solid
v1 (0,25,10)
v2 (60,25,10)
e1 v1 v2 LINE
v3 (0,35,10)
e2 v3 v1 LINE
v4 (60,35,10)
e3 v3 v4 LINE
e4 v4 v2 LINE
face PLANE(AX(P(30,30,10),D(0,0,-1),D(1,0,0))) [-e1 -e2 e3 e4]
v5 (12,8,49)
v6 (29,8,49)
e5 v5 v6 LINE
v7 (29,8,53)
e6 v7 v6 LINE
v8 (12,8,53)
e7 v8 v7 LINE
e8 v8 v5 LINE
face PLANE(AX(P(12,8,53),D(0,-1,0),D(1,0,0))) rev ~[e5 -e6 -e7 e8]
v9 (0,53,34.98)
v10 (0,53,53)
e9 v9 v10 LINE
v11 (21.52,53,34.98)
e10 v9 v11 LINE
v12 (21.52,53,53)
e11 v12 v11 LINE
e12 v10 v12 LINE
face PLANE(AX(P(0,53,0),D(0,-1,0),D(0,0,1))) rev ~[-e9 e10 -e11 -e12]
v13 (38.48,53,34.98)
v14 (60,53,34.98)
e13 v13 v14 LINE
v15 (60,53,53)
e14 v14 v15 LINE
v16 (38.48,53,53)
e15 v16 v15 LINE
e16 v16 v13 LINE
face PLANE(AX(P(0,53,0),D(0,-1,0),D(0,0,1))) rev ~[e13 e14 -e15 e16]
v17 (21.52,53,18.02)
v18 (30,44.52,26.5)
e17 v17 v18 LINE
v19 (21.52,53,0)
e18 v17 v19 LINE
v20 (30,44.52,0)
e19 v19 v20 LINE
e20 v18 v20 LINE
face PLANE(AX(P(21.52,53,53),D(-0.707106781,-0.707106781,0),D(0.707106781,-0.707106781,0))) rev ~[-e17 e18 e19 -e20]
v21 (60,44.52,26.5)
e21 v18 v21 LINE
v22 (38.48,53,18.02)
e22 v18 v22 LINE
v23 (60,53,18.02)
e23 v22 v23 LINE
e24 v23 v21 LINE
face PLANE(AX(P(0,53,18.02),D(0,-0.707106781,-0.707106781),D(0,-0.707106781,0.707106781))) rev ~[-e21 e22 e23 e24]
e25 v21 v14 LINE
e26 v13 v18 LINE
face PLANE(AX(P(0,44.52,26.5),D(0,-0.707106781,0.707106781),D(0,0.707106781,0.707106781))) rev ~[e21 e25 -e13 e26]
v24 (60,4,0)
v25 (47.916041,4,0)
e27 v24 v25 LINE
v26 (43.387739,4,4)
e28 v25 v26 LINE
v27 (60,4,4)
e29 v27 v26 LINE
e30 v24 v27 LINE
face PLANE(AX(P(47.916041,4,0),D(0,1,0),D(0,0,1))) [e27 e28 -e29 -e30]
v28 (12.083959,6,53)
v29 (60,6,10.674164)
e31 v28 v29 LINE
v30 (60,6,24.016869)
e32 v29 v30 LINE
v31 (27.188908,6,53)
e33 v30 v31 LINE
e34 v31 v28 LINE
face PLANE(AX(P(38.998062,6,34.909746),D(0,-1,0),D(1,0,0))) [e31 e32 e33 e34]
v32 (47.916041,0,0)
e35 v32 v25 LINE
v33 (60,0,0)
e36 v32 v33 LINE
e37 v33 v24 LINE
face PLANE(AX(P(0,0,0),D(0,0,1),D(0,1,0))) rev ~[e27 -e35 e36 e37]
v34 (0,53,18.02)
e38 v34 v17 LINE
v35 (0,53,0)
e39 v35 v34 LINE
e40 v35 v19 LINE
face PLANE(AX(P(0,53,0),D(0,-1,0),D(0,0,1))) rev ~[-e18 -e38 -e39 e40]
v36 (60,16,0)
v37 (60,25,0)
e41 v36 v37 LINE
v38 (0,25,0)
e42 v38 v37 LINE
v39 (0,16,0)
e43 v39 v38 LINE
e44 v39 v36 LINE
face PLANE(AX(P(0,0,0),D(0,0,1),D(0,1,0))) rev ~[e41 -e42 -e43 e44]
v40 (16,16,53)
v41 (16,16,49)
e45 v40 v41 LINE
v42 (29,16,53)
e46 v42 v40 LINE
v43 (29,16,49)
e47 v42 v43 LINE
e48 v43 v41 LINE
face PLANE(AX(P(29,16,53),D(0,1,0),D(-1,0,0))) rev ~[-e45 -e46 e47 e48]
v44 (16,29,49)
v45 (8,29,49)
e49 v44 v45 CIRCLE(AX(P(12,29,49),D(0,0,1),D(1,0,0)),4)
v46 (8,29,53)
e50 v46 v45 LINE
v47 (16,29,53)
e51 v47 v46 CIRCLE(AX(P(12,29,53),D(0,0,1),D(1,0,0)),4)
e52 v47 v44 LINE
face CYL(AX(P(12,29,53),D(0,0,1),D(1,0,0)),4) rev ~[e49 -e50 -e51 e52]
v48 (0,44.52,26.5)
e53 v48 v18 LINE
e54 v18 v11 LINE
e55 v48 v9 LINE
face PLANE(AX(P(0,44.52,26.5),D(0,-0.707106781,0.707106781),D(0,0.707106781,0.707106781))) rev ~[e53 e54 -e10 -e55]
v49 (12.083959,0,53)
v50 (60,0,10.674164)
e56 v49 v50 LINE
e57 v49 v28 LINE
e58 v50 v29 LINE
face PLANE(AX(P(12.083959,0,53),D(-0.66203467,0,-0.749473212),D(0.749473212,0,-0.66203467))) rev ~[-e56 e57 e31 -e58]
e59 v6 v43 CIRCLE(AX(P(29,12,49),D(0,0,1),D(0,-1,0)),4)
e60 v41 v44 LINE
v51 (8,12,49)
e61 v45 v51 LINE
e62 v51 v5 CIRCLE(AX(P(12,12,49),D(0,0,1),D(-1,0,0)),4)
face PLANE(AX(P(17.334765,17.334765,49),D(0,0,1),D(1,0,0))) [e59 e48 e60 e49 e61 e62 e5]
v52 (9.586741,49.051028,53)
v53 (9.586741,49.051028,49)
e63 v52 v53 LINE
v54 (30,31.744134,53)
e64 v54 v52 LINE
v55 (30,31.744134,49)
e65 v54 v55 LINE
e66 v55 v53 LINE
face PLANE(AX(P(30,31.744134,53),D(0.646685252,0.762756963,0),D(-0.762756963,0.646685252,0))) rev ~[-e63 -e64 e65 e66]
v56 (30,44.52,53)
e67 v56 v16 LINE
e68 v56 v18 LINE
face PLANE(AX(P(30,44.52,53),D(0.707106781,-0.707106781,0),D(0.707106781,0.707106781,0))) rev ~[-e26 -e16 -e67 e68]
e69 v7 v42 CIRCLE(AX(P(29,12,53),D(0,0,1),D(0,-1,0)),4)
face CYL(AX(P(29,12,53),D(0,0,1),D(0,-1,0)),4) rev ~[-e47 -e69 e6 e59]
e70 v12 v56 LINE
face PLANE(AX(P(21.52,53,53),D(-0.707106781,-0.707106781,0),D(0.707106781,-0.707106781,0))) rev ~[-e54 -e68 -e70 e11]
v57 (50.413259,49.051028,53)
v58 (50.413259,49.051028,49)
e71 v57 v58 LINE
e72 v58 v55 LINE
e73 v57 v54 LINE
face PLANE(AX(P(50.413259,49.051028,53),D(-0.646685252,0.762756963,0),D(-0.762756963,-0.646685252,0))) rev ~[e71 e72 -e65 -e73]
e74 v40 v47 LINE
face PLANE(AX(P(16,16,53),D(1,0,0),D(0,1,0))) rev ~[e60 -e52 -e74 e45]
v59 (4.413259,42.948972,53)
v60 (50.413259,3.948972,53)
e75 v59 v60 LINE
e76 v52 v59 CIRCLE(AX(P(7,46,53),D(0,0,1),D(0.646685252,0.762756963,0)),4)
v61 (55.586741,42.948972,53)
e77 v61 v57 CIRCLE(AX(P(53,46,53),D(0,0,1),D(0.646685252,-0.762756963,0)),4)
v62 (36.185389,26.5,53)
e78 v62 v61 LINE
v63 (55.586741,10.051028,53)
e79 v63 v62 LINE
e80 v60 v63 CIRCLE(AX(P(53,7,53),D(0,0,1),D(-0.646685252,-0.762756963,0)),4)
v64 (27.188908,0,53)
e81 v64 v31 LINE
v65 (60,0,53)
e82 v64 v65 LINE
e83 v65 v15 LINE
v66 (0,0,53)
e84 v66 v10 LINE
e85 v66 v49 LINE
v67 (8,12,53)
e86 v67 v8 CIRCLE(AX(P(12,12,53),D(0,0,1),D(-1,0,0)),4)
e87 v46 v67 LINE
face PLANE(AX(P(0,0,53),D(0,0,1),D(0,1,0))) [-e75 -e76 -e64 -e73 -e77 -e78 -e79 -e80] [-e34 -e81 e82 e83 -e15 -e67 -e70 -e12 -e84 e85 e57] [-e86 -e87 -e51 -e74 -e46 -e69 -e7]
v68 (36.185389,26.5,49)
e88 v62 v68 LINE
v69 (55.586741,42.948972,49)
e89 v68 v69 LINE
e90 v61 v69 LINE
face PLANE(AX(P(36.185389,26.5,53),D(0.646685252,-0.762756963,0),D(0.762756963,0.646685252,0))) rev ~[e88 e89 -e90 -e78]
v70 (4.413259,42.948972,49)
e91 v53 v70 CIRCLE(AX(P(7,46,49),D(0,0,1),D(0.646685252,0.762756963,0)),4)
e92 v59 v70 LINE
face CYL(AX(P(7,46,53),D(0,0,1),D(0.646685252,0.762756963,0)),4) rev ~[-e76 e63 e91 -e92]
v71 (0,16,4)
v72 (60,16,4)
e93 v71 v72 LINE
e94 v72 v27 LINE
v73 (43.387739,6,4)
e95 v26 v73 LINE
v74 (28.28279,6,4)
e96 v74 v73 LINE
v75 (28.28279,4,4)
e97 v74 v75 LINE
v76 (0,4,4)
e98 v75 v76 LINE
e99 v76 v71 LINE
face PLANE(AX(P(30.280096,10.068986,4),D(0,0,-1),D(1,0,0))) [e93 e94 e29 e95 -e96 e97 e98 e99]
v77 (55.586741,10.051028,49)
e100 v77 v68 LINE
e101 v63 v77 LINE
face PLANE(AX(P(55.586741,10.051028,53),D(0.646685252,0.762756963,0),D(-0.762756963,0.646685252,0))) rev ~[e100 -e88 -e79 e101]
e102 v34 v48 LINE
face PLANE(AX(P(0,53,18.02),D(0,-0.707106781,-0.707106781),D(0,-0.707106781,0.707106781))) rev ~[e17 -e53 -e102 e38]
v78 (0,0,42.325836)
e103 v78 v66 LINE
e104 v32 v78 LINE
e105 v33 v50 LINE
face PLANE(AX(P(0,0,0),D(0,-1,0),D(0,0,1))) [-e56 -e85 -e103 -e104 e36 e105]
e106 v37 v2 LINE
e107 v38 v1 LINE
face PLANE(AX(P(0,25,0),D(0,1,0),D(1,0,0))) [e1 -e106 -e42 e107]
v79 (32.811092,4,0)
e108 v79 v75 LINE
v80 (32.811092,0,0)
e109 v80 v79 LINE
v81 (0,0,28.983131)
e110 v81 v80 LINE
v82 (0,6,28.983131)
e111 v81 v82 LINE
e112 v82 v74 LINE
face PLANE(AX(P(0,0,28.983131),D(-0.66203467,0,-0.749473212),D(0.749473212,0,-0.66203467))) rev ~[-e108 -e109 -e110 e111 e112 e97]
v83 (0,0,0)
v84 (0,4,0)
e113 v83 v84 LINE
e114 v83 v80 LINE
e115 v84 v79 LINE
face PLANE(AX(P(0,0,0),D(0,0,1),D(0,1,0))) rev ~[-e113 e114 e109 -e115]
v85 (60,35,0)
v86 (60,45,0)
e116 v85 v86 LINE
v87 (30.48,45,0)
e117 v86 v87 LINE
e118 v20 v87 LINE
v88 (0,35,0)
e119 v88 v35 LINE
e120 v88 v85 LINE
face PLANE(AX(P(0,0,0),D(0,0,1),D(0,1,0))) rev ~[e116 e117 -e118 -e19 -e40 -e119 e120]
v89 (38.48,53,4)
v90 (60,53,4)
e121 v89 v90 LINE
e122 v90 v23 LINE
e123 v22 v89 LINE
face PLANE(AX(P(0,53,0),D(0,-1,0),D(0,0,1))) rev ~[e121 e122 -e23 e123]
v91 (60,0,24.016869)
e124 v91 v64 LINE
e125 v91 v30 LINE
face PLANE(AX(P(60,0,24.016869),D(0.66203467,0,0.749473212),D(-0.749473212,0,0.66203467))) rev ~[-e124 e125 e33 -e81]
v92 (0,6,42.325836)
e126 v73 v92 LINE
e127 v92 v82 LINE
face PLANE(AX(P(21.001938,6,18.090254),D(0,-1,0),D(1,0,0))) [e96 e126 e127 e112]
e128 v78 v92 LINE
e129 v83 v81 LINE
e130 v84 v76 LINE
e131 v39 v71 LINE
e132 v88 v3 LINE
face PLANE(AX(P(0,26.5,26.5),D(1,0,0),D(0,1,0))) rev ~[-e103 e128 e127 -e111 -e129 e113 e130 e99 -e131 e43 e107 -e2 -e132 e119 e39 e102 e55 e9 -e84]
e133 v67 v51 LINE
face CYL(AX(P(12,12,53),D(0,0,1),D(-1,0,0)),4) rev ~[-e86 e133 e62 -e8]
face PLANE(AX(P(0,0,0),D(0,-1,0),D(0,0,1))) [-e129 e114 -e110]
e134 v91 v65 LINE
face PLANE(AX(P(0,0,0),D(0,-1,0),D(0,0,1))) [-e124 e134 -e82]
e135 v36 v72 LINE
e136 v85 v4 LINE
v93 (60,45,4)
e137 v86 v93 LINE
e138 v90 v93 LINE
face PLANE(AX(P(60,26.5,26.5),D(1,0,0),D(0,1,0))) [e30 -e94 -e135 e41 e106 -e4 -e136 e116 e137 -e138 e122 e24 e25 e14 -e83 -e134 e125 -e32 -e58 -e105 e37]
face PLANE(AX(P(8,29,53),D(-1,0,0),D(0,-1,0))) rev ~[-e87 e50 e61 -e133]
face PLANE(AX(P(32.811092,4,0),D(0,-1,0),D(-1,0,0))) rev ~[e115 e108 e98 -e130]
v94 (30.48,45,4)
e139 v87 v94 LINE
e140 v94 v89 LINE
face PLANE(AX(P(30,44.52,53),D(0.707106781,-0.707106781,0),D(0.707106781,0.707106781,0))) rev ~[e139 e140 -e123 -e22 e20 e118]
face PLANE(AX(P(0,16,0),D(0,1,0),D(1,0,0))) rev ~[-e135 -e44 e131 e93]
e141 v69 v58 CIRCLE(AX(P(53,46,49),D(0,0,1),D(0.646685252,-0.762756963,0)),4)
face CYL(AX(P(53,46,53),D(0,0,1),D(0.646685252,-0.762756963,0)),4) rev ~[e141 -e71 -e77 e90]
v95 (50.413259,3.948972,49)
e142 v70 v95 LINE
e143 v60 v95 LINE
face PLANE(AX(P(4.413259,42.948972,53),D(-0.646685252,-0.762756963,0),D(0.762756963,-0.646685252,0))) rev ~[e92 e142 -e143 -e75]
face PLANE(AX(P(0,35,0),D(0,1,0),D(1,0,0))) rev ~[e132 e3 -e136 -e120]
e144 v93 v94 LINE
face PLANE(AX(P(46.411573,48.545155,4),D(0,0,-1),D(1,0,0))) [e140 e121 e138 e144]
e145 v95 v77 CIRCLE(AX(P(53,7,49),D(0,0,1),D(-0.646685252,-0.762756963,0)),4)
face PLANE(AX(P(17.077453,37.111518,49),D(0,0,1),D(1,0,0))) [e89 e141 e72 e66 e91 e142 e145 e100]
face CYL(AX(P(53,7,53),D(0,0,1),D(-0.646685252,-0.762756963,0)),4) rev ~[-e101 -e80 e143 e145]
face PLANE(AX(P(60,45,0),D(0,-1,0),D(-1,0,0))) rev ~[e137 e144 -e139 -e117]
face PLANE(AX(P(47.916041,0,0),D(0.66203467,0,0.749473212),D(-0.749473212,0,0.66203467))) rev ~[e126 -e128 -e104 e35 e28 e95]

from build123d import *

# Parameters (mm, degrees)
F0_W      = 53
F0_H      = 53
F1_DEPTH  = 60
F3_DEPTH  = 4
F4_DEPTH  = 53
F6_DEPTH  = 6
F8_DEPTH  = 60
F10_DEPTH = 4
F9_W      = 60
F9_H      = 10
F11_DEPTH = 10
F12_DEPTH = 25


with BuildPart() as f1:
    # F0 (on Right) → F1 (new body)
    with BuildSketch(Plane.YZ):
        with Locations((26.5, 26.5)):
            Rectangle(F0_W, F0_H)
    extrude(amount=F1_DEPTH)

    # F2 (on face) → F3 (cut)
    with BuildSketch(Plane.XY.offset(53)):
        with BuildLine():
            ThreePointArc((9.5867410065, 49.0510278539), (3.9489721461, 48.5867410065), (4.4132589935, 42.9489721461))
            Line((4.4132589935, 42.9489721461), (27.4132590282, 23.4489721167))
            ThreePointArc((27.4132590282, 23.4489721167), (26, 26.4999999772), (27.4132589935, 29.5510278539))
            Line((27.4132589935, 29.5510278539), (30, 31.7441343594))
            Line((30, 31.7441343594), (9.5867410065, 49.0510278539))
        make_face()
        with BuildLine():
            ThreePointArc((32.5867410065, 23.4489721461), (30.0000000228, 22.5), (27.4132590282, 23.4489721167))
            Line((27.4132590282, 23.4489721167), (50.4132589935, 3.9489721461))
            ThreePointArc((50.4132589935, 3.9489721461), (56.0510278539, 4.4132589935), (55.5867410065, 10.0510278539))
            Line((55.5867410065, 10.0510278539), (36.1853892444, 26.5))
            Line((36.1853892444, 26.5), (32.5867410065, 23.4489721461))
        make_face()
        with BuildLine():
            ThreePointArc((27.4132589935, 29.5510278539), (26, 26.4999999772), (27.4132590282, 23.4489721167))
            ThreePointArc((27.4132590282, 23.4489721167), (30.0000000228, 22.5), (32.5867410065, 23.4489721461))
            Line((32.5867410065, 23.4489721461), (36.1853892444, 26.5))
            Line((36.1853892444, 26.5), (55.5867410065, 42.9489721461))
            ThreePointArc((55.5867410065, 42.9489721461), (56.0510278539, 48.5867410065), (50.4132589935, 49.0510278539))
            Line((50.4132589935, 49.0510278539), (30, 31.7441343594))
            Line((30, 31.7441343594), (27.4132589935, 29.5510278539))
        make_face()
        with BuildLine():
            ThreePointArc((16, 29), (12, 33), (8, 29))
            Line((8, 29), (8, 12))
            ThreePointArc((8, 12), (9.1715728753, 9.1715728753), (12, 8))
            Line((12, 8), (29, 8))
            ThreePointArc((29, 8), (33, 12), (29, 16))
            Line((29, 16), (16, 16))
            Line((16, 16), (16, 29))
        make_face()
    extrude(amount=-F3_DEPTH, mode=Mode.SUBTRACT)

    # F2 (on face) → F4 (cut, through all)
    with BuildSketch(Plane.XY.offset(53)):
        Polygon((38.48, 53), (21.52, 53), (30, 44.52), align=None)
    extrude(amount=-F4_DEPTH, mode=Mode.SUBTRACT)

    # F5 (on face) → F6 (cut)
    with BuildSketch(Plane.XZ):
        Polygon((27.1889083829, 53), (12.0839592813, 53), (60, 10.6741640318), (60, 24.0168690716), align=None)
        Polygon((47.9160407187, 0), (0, 42.3258359682), (0, 28.9831309284), (32.8110916171, 0), align=None)
    extrude(amount=-F6_DEPTH, mode=Mode.SUBTRACT)

    # F7 (on face) → F8 (cut, through all)
    with BuildSketch(Plane(origin=(0, 0, 0), x_dir=(0, -1, 0), z_dir=(-1, 0, 0))):
        Polygon((-44.52, 26.5), (-53, 34.98), (-53, 18.02), align=None)
    extrude(amount=-F8_DEPTH, mode=Mode.SUBTRACT)

    # F9 (on face) → F10 (cut)
    with BuildSketch(Plane(origin=(0, 0, 0), x_dir=(1, 0, 0), z_dir=(0, 0, -1))):
        Polygon((0, -16), (60, -16), (60, -4), (47.9160407187, -4), (47.9160407187, -6), (32.8110916171, -6), (32.8110916171, -4), (0, -4), align=None)
        Polygon((38.48, -53), (60, -53), (60, -45), (30.48, -45), align=None)
    extrude(amount=-F10_DEPTH, mode=Mode.SUBTRACT)

    # F9 (on face) → F11 (cut)
    with BuildSketch(Plane(origin=(0, 0, 0), x_dir=(1, 0, 0), z_dir=(0, 0, -1))):
        with Locations((30, -30)):
            Rectangle(F9_W, F9_H)
    extrude(amount=-F11_DEPTH, mode=Mode.SUBTRACT)

    # F12 (cut): a face of the model
    f12_faces = [f1.faces().sort_by_distance(p)[0] for p in [
        (47.9160407187, 5, 2),
    ]]
    extrude(f12_faces, amount=-F12_DEPTH, mode=Mode.SUBTRACT)


solid = f1.part
